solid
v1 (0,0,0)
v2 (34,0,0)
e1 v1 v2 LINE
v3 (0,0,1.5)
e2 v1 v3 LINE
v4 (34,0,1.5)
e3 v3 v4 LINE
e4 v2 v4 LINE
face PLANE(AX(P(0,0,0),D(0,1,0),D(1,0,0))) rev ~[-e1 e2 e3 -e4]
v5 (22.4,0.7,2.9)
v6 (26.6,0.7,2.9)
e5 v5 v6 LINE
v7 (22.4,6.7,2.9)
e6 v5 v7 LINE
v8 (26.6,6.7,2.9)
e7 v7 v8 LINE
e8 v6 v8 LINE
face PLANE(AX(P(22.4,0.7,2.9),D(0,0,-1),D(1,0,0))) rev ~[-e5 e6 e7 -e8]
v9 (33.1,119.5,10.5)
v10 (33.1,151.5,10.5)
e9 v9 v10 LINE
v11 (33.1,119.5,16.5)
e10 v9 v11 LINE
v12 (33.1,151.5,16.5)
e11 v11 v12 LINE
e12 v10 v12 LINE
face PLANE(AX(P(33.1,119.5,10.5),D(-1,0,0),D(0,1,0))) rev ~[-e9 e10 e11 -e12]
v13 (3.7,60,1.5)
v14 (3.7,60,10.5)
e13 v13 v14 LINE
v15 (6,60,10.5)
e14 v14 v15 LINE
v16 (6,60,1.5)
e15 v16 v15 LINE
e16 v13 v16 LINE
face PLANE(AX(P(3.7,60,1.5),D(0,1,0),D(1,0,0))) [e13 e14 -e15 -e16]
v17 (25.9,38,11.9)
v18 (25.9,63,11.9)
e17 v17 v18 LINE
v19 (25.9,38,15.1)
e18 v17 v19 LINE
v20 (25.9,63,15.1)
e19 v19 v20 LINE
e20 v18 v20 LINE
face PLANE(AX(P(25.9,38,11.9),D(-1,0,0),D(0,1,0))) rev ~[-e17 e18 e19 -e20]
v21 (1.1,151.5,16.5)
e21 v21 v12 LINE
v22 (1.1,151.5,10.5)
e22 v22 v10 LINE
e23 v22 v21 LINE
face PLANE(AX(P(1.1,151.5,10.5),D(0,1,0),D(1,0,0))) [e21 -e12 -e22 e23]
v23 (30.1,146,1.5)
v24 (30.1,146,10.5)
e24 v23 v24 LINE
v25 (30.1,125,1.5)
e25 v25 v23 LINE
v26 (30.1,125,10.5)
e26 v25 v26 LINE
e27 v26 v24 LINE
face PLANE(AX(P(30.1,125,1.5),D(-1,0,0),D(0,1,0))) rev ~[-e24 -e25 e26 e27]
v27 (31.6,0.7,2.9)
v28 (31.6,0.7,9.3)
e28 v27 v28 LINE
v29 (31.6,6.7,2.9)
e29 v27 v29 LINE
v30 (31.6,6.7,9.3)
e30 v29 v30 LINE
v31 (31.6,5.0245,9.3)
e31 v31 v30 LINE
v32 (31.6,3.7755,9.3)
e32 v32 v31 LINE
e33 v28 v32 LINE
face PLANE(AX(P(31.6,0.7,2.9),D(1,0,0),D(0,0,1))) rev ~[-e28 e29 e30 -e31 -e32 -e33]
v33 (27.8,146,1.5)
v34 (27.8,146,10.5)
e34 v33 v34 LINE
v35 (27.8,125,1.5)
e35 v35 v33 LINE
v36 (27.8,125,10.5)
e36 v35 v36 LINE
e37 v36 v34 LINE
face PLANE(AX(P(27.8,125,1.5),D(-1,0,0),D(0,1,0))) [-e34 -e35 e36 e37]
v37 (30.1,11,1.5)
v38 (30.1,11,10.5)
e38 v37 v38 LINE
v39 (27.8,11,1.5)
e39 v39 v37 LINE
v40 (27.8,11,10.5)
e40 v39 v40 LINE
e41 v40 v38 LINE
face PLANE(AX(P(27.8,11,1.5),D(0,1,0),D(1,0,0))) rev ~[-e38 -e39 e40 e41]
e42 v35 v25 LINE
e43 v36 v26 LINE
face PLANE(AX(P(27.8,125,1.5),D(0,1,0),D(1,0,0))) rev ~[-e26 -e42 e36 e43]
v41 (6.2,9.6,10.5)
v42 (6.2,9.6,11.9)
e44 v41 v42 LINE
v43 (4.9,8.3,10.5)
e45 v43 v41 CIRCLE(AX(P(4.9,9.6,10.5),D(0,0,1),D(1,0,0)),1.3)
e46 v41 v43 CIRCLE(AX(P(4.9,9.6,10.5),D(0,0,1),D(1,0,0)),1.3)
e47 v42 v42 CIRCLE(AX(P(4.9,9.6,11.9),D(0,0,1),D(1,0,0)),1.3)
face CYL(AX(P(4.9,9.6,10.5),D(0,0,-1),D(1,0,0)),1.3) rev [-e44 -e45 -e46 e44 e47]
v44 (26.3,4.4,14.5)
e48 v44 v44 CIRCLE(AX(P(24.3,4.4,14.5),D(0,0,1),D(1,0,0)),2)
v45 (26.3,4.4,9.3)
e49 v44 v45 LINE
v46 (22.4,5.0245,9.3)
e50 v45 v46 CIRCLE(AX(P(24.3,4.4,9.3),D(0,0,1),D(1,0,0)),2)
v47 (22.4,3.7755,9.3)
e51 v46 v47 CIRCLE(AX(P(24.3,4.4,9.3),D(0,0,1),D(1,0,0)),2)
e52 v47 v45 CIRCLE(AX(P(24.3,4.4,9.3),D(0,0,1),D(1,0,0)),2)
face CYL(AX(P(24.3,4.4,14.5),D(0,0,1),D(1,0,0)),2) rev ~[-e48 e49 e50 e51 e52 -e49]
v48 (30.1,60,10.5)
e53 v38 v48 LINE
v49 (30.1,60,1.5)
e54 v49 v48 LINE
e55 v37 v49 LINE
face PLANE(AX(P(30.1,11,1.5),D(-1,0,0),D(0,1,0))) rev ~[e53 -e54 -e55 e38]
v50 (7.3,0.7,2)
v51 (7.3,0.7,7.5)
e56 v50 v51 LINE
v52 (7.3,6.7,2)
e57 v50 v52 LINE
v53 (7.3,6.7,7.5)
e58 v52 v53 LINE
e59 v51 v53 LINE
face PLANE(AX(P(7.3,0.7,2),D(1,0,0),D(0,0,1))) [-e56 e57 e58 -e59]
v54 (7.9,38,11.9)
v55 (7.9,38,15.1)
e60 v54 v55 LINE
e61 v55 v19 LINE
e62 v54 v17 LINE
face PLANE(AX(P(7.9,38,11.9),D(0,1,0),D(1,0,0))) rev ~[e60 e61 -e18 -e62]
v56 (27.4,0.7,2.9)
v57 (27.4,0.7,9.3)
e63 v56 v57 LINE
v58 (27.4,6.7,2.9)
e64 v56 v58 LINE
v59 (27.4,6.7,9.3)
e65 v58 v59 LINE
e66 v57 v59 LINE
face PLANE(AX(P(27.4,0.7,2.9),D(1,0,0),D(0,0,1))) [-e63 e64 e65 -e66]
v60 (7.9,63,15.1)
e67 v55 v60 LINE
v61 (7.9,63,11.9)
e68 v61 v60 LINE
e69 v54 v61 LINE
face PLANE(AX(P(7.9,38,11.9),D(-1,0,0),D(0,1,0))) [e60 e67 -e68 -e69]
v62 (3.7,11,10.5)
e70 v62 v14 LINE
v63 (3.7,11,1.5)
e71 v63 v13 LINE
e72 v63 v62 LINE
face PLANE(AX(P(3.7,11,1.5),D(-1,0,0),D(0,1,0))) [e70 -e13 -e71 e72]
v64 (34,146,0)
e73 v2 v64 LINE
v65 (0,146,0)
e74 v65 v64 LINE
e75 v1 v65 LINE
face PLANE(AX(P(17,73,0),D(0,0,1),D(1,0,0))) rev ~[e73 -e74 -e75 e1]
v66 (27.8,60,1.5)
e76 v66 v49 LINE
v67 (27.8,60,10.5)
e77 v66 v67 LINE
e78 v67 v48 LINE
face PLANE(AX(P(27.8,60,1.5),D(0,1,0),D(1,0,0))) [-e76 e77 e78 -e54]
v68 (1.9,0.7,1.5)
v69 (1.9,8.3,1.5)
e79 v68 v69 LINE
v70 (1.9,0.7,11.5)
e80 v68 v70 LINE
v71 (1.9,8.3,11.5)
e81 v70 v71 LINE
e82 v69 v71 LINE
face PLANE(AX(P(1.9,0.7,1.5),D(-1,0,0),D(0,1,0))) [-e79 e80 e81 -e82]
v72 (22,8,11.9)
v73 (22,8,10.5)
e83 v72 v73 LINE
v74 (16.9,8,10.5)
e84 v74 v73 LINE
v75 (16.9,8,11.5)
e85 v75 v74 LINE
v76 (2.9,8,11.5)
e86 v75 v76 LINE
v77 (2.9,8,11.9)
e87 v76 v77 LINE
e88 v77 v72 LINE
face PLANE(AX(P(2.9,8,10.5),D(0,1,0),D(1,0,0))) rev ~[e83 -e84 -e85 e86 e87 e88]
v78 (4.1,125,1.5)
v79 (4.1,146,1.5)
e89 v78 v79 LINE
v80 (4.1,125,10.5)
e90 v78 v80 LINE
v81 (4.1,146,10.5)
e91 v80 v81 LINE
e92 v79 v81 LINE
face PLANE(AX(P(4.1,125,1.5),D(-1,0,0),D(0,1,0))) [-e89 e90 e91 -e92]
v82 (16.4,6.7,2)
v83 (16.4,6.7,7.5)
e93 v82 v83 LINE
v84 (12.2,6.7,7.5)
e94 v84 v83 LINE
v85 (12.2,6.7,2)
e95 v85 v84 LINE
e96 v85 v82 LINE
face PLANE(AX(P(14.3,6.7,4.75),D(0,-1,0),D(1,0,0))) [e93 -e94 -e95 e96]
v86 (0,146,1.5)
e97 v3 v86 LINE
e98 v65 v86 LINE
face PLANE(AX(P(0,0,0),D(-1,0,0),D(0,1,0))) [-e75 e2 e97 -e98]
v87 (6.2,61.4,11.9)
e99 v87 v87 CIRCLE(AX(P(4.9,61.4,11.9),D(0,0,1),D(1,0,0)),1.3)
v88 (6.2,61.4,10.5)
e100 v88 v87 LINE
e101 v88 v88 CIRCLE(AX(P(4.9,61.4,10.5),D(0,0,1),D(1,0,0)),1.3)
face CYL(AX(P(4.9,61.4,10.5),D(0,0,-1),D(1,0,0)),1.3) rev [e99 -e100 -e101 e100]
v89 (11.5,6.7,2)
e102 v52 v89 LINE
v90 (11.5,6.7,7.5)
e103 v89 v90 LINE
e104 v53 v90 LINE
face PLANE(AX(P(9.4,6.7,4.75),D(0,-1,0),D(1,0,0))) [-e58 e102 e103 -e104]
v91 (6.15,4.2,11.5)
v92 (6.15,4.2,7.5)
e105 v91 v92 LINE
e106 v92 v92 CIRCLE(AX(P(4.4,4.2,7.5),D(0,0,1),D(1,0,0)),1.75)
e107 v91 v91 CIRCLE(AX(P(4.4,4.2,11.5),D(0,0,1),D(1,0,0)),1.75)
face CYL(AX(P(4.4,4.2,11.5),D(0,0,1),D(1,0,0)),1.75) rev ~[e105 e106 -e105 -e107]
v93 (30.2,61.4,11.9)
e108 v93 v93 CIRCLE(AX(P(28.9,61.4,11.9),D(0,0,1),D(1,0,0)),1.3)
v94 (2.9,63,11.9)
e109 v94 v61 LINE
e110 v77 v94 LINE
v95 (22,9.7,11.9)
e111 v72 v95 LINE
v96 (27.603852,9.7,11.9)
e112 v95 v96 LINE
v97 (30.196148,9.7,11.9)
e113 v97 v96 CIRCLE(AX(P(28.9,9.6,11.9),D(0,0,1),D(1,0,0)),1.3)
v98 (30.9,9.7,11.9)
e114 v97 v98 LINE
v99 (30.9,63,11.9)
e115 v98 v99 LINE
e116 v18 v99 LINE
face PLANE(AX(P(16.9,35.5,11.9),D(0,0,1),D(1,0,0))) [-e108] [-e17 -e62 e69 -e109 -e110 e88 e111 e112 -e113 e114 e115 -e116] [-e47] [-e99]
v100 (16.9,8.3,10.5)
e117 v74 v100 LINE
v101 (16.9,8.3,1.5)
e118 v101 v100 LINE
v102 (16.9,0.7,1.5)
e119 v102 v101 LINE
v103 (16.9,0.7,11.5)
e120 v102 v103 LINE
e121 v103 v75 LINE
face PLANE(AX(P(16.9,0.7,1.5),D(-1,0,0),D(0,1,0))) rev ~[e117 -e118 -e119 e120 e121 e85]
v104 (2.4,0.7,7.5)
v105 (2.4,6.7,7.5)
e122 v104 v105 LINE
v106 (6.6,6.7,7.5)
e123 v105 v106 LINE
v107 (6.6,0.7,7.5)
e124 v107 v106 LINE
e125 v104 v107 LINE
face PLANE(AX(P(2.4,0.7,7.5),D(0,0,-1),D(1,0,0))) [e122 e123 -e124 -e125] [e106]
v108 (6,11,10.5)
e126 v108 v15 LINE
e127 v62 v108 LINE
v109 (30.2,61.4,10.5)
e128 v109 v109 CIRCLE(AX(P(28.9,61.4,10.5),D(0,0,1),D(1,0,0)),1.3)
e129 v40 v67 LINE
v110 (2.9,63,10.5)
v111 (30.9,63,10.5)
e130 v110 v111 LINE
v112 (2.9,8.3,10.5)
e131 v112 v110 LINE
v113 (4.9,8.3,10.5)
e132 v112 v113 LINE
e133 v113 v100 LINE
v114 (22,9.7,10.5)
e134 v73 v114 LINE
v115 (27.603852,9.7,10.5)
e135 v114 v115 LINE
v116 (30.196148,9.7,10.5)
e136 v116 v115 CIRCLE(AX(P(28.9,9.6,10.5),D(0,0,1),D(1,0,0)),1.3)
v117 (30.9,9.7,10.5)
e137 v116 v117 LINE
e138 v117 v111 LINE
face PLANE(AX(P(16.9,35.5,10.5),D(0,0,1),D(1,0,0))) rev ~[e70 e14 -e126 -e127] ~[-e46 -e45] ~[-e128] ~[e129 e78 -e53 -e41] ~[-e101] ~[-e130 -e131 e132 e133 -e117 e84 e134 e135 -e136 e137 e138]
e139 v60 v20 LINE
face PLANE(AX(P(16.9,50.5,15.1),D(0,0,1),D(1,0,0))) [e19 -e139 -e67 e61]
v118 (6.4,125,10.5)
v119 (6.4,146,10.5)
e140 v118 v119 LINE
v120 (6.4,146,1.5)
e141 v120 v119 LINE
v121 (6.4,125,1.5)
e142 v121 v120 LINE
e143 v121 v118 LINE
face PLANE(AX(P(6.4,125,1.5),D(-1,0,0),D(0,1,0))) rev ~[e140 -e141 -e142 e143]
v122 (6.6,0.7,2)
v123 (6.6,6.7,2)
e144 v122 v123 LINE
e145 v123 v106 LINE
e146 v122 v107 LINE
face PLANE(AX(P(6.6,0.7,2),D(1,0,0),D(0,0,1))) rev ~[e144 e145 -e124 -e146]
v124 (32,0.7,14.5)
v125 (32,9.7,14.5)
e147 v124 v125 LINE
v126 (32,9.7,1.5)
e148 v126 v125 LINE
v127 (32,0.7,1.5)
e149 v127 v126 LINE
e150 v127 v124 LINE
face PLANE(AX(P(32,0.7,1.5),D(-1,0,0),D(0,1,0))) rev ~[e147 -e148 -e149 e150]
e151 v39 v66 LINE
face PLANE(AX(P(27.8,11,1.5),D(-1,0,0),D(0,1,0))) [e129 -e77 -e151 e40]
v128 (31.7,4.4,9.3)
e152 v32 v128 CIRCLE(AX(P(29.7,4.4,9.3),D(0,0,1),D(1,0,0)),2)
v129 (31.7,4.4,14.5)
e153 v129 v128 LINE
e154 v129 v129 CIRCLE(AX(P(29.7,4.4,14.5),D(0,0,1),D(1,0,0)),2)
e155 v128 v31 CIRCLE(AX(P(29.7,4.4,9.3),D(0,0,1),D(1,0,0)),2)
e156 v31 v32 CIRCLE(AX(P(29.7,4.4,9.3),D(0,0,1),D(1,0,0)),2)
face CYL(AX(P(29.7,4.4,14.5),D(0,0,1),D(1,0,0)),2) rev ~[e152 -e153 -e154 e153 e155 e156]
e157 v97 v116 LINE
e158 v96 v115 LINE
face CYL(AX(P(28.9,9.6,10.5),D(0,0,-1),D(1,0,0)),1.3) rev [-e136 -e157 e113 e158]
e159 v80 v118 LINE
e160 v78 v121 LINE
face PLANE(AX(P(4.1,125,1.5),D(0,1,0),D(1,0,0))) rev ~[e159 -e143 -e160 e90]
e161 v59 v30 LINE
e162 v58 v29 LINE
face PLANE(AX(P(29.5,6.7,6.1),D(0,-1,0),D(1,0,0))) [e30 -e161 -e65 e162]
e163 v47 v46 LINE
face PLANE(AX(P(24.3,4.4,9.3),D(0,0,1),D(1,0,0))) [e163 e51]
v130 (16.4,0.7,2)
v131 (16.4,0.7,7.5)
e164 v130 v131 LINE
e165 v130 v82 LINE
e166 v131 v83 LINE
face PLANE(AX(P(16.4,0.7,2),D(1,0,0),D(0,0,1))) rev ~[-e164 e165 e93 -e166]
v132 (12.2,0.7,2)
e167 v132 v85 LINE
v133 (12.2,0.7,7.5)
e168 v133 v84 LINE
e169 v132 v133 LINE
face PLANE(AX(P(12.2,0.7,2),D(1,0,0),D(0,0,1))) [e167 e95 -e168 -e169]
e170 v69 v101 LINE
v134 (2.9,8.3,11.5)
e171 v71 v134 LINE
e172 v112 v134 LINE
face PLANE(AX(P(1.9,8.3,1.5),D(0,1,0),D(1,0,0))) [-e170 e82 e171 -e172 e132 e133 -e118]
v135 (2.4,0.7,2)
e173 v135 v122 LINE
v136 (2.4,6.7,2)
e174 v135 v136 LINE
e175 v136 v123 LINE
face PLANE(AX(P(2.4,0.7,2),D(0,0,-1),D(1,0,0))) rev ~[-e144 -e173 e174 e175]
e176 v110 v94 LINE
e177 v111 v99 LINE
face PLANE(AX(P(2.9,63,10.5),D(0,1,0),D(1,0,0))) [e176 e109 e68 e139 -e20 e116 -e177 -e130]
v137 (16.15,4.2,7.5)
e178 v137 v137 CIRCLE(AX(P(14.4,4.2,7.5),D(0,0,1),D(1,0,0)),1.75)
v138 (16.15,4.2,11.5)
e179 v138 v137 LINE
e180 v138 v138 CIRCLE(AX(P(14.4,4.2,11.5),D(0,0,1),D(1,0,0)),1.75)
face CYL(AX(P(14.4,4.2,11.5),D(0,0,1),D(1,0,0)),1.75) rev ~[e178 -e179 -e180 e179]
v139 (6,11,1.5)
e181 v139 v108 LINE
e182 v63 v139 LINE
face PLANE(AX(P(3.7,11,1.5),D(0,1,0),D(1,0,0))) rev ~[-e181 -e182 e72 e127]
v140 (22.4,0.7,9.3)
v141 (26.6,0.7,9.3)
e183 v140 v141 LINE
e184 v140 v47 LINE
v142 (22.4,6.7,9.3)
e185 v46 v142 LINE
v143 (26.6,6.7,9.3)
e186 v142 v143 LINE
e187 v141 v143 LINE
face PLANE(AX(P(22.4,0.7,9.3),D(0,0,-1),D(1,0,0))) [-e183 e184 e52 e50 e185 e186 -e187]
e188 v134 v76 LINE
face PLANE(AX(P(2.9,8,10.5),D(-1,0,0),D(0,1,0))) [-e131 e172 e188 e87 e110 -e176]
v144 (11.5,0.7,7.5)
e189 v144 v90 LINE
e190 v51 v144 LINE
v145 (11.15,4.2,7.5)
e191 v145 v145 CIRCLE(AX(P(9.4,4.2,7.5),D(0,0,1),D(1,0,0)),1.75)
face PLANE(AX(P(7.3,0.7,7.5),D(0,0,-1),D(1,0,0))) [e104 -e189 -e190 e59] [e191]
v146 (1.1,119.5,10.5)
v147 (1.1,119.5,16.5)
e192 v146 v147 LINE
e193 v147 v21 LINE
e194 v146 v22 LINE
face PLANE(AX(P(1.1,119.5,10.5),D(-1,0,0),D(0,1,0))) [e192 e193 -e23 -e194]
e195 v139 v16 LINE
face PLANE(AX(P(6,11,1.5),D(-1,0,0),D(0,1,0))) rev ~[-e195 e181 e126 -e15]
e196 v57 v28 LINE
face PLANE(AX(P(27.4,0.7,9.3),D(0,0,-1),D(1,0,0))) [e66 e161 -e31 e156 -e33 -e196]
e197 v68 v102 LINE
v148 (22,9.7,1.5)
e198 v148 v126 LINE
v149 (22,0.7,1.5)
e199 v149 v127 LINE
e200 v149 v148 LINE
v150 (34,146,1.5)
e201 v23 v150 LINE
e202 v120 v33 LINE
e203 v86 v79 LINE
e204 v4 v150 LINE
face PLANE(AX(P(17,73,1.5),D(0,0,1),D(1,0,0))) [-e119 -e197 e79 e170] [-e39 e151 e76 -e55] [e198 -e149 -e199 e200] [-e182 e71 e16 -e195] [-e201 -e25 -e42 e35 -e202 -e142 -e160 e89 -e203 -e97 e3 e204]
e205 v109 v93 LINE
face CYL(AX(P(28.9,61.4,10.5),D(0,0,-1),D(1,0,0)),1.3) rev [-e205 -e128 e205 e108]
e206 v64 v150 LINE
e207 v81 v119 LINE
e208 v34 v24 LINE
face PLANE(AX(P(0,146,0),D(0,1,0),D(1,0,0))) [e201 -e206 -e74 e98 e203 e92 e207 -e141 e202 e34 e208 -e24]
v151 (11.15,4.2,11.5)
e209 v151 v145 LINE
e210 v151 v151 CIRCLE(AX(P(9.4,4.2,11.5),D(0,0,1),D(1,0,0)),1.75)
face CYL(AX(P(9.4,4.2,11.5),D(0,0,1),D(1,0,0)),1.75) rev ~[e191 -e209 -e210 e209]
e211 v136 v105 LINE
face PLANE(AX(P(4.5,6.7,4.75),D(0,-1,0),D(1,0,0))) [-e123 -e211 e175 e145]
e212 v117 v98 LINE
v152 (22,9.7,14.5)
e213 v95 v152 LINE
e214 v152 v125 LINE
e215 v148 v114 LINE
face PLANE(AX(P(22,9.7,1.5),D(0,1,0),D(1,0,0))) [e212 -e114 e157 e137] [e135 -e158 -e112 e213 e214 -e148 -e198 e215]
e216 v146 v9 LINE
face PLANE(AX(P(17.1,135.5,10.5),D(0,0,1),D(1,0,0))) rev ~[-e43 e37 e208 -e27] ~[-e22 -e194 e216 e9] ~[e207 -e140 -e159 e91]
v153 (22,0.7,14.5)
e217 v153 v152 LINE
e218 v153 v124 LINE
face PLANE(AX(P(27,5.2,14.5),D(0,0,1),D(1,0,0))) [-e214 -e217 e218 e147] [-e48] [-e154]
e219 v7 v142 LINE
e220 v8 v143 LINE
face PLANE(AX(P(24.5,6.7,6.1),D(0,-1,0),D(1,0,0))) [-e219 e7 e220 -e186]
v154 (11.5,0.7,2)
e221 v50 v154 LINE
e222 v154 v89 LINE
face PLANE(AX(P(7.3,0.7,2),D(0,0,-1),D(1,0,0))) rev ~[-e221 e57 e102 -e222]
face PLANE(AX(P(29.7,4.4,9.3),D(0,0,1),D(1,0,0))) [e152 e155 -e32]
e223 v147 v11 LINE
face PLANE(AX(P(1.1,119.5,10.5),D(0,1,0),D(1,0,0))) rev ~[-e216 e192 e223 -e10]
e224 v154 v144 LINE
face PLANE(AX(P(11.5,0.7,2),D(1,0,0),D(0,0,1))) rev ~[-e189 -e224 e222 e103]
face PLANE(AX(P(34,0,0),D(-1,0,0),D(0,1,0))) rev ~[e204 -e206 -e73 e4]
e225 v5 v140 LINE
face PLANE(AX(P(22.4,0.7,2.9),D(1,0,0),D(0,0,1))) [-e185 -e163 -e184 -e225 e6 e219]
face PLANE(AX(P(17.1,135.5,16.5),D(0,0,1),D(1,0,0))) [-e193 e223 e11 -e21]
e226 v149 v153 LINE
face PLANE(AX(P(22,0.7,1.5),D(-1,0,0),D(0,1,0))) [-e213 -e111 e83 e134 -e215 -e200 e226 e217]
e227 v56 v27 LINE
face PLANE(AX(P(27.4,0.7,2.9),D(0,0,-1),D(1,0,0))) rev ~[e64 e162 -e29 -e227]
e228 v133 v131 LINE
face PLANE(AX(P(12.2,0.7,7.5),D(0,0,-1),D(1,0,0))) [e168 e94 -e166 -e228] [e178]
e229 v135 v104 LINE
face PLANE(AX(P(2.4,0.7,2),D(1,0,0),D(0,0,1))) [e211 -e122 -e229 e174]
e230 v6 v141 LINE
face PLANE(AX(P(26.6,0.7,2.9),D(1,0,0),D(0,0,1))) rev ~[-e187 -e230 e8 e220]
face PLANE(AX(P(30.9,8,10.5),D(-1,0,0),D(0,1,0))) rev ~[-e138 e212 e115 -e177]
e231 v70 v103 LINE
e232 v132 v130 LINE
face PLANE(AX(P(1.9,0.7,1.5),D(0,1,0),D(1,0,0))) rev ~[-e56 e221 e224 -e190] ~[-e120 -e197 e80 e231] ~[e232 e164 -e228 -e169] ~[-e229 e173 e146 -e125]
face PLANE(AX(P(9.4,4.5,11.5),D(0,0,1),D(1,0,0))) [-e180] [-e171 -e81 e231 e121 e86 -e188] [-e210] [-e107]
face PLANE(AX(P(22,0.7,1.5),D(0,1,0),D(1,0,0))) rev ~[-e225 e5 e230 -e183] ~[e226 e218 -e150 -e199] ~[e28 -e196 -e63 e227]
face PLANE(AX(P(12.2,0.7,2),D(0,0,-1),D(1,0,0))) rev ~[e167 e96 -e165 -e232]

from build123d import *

# Parameters (mm, degrees)
SKICA1_W                    = 34
SKICA1_H                    = 146
PCB_DEPTH                   = 1.5
SKICA2_W                    = 10
SKICA2_H                    = 9
T_LO_DEPTH                  = 13
SKICA3_W                    = 4.2
SKICA3_H                    = 6.4
D_RA_NA_DR_TKY_DEPTH        = 6
SKICA4_R                    = 2
D_RY_NA_ROUBKY_DEPTH        = 5.2
SKICA5_W                    = 15
SKICA5_H                    = 7.6
T_LO_LOGIKY_KONEKTORU_DEPTH = 10
SKICA6_W                    = 4.2
SKICA6_H                    = 5.5
D_RY_NA_DR_TKY_DEPTH        = 6
SKICA7_R                    = 1.75
D_RY_NA_KOUBKY_DEPTH        = 4
SKICA8_W                    = 2.3
SKICA8_H                    = 49
LI_TY_DEPTH                 = 9
SKICA9_W                    = 28
SKICA9_H                    = 55
SKICA9_R                    = 1.3
PCB_ESP32_BOARD_DEPTH       = 1.4
SKICA10_W                   = 18
SKICA10_H                   = 25
CHIP_ESP32_DEPTH            = 3.2
SKICA11_W                   = 2.3
SKICA11_H                   = 21
LISTY_DEPTH                 = 9
SKICA12_W                   = 32
SKICA12_H                   = 32
F_8X8_LED_MATICE_DEPTH      = 6


with BuildPart() as part:
    # Skica1 → PCB (new body)
    with BuildSketch(Plane.XY):
        with Locations((17, 73)):
            Rectangle(SKICA1_W, SKICA1_H)
    extrude(amount=PCB_DEPTH)

    # Skica2 → tělo (add)
    with BuildSketch(Plane.XY.offset(1.5)):
        with Locations((27, 5.2)):
            Rectangle(SKICA2_W, SKICA2_H)
    extrude(amount=T_LO_DEPTH)

    # Skica3 → díra na drátky (cut)
    with BuildSketch(Plane.XZ.offset(-0.7)):
        with Locations((24.5, 6.1)):
            Rectangle(SKICA3_W, SKICA3_H)
        with Locations((29.5, 6.1)):
            Rectangle(SKICA3_W, SKICA3_H)
    extrude(amount=-D_RA_NA_DR_TKY_DEPTH, mode=Mode.SUBTRACT)

    # Skica4 → díry na šroubky (cut)
    with BuildSketch(Plane.XY.offset(14.5)):
        with Locations((29.7, 4.4)):
            Circle(SKICA4_R)
        with Locations((24.3, 4.4)):
            Circle(SKICA4_R)
    extrude(amount=-D_RY_NA_ROUBKY_DEPTH, mode=Mode.SUBTRACT)

    # Skica5 → tělo logiky konektoru (add)
    with BuildSketch(Plane.XY.offset(1.5)):
        with Locations((9.4, 4.5)):
            Rectangle(SKICA5_W, SKICA5_H)
    extrude(amount=T_LO_LOGIKY_KONEKTORU_DEPTH)

    # Skica6 → díry na drátky (cut)
    with BuildSketch(Plane.XZ.offset(-0.7)):
        with Locations((4.5, 4.75)):
            Rectangle(SKICA6_W, SKICA6_H)
        with Locations((9.4, 4.75)):
            Rectangle(SKICA6_W, SKICA6_H)
        with Locations((14.3, 4.75)):
            Rectangle(SKICA6_W, SKICA6_H)
    extrude(amount=-D_RY_NA_DR_TKY_DEPTH, mode=Mode.SUBTRACT)

    # Skica7 → díry na škoubky (cut)
    with BuildSketch(Plane.XY.offset(11.5)):
        with Locations((4.4, 4.2)):
            Circle(SKICA7_R)
        with Locations((9.4, 4.2)):
            Circle(SKICA7_R)
        with Locations((14.4, 4.2)):
            Circle(SKICA7_R)
    extrude(amount=-D_RY_NA_KOUBKY_DEPTH, mode=Mode.SUBTRACT)

    # Skica8 → lišty (add)
    with BuildSketch(Plane.XY.offset(1.5)):
        with Locations((4.85, 35.5)):
            Rectangle(SKICA8_W, SKICA8_H)
        with Locations((28.95, 35.5)):
            Rectangle(SKICA8_W, SKICA8_H)
    extrude(amount=LI_TY_DEPTH)



with BuildPart() as body_2:
    # Skica9 → PCB ESP32 board (new body)
    with BuildSketch(Plane.XY.offset(10.5)):
        with Locations((16.9, 35.5)):
            Rectangle(SKICA9_W, SKICA9_H)
        with Locations((28.9, 61.4)):
            Circle(SKICA9_R, mode=Mode.SUBTRACT)
        with Locations((4.9, 61.4)):
            Circle(SKICA9_R, mode=Mode.SUBTRACT)
        with Locations((4.9, 9.6)):
            Circle(SKICA9_R, mode=Mode.SUBTRACT)
        with Locations((28.9, 9.6)):
            Circle(SKICA9_R, mode=Mode.SUBTRACT)
    extrude(amount=PCB_ESP32_BOARD_DEPTH)


with BuildPart() as part_1:
    add(part.part)

    add(body_2.part)  # chip ESP32 merges body 2
    # Skica10 → chip ESP32 (add)
    with BuildSketch(Plane.XY.offset(11.9)):
        with Locations((16.9, 50.5)):
            Rectangle(SKICA10_W, SKICA10_H)
    extrude(amount=CHIP_ESP32_DEPTH)

    # Skica11 → listy (add)
    with BuildSketch(Plane.XY.offset(1.5)):
        with Locations((28.95, 135.5)):
            Rectangle(SKICA11_W, SKICA11_H)
        with Locations((5.25, 135.5)):
            Rectangle(SKICA11_W, SKICA11_H)
    extrude(amount=LISTY_DEPTH)

    # Skica12 → 8x8 LED matice (add)
    with BuildSketch(Plane.XY.offset(10.5)):
        with Locations((17.1, 135.5)):
            Rectangle(SKICA12_W, SKICA12_H)
    extrude(amount=F_8X8_LED_MATICE_DEPTH)


solid = part_1.part
